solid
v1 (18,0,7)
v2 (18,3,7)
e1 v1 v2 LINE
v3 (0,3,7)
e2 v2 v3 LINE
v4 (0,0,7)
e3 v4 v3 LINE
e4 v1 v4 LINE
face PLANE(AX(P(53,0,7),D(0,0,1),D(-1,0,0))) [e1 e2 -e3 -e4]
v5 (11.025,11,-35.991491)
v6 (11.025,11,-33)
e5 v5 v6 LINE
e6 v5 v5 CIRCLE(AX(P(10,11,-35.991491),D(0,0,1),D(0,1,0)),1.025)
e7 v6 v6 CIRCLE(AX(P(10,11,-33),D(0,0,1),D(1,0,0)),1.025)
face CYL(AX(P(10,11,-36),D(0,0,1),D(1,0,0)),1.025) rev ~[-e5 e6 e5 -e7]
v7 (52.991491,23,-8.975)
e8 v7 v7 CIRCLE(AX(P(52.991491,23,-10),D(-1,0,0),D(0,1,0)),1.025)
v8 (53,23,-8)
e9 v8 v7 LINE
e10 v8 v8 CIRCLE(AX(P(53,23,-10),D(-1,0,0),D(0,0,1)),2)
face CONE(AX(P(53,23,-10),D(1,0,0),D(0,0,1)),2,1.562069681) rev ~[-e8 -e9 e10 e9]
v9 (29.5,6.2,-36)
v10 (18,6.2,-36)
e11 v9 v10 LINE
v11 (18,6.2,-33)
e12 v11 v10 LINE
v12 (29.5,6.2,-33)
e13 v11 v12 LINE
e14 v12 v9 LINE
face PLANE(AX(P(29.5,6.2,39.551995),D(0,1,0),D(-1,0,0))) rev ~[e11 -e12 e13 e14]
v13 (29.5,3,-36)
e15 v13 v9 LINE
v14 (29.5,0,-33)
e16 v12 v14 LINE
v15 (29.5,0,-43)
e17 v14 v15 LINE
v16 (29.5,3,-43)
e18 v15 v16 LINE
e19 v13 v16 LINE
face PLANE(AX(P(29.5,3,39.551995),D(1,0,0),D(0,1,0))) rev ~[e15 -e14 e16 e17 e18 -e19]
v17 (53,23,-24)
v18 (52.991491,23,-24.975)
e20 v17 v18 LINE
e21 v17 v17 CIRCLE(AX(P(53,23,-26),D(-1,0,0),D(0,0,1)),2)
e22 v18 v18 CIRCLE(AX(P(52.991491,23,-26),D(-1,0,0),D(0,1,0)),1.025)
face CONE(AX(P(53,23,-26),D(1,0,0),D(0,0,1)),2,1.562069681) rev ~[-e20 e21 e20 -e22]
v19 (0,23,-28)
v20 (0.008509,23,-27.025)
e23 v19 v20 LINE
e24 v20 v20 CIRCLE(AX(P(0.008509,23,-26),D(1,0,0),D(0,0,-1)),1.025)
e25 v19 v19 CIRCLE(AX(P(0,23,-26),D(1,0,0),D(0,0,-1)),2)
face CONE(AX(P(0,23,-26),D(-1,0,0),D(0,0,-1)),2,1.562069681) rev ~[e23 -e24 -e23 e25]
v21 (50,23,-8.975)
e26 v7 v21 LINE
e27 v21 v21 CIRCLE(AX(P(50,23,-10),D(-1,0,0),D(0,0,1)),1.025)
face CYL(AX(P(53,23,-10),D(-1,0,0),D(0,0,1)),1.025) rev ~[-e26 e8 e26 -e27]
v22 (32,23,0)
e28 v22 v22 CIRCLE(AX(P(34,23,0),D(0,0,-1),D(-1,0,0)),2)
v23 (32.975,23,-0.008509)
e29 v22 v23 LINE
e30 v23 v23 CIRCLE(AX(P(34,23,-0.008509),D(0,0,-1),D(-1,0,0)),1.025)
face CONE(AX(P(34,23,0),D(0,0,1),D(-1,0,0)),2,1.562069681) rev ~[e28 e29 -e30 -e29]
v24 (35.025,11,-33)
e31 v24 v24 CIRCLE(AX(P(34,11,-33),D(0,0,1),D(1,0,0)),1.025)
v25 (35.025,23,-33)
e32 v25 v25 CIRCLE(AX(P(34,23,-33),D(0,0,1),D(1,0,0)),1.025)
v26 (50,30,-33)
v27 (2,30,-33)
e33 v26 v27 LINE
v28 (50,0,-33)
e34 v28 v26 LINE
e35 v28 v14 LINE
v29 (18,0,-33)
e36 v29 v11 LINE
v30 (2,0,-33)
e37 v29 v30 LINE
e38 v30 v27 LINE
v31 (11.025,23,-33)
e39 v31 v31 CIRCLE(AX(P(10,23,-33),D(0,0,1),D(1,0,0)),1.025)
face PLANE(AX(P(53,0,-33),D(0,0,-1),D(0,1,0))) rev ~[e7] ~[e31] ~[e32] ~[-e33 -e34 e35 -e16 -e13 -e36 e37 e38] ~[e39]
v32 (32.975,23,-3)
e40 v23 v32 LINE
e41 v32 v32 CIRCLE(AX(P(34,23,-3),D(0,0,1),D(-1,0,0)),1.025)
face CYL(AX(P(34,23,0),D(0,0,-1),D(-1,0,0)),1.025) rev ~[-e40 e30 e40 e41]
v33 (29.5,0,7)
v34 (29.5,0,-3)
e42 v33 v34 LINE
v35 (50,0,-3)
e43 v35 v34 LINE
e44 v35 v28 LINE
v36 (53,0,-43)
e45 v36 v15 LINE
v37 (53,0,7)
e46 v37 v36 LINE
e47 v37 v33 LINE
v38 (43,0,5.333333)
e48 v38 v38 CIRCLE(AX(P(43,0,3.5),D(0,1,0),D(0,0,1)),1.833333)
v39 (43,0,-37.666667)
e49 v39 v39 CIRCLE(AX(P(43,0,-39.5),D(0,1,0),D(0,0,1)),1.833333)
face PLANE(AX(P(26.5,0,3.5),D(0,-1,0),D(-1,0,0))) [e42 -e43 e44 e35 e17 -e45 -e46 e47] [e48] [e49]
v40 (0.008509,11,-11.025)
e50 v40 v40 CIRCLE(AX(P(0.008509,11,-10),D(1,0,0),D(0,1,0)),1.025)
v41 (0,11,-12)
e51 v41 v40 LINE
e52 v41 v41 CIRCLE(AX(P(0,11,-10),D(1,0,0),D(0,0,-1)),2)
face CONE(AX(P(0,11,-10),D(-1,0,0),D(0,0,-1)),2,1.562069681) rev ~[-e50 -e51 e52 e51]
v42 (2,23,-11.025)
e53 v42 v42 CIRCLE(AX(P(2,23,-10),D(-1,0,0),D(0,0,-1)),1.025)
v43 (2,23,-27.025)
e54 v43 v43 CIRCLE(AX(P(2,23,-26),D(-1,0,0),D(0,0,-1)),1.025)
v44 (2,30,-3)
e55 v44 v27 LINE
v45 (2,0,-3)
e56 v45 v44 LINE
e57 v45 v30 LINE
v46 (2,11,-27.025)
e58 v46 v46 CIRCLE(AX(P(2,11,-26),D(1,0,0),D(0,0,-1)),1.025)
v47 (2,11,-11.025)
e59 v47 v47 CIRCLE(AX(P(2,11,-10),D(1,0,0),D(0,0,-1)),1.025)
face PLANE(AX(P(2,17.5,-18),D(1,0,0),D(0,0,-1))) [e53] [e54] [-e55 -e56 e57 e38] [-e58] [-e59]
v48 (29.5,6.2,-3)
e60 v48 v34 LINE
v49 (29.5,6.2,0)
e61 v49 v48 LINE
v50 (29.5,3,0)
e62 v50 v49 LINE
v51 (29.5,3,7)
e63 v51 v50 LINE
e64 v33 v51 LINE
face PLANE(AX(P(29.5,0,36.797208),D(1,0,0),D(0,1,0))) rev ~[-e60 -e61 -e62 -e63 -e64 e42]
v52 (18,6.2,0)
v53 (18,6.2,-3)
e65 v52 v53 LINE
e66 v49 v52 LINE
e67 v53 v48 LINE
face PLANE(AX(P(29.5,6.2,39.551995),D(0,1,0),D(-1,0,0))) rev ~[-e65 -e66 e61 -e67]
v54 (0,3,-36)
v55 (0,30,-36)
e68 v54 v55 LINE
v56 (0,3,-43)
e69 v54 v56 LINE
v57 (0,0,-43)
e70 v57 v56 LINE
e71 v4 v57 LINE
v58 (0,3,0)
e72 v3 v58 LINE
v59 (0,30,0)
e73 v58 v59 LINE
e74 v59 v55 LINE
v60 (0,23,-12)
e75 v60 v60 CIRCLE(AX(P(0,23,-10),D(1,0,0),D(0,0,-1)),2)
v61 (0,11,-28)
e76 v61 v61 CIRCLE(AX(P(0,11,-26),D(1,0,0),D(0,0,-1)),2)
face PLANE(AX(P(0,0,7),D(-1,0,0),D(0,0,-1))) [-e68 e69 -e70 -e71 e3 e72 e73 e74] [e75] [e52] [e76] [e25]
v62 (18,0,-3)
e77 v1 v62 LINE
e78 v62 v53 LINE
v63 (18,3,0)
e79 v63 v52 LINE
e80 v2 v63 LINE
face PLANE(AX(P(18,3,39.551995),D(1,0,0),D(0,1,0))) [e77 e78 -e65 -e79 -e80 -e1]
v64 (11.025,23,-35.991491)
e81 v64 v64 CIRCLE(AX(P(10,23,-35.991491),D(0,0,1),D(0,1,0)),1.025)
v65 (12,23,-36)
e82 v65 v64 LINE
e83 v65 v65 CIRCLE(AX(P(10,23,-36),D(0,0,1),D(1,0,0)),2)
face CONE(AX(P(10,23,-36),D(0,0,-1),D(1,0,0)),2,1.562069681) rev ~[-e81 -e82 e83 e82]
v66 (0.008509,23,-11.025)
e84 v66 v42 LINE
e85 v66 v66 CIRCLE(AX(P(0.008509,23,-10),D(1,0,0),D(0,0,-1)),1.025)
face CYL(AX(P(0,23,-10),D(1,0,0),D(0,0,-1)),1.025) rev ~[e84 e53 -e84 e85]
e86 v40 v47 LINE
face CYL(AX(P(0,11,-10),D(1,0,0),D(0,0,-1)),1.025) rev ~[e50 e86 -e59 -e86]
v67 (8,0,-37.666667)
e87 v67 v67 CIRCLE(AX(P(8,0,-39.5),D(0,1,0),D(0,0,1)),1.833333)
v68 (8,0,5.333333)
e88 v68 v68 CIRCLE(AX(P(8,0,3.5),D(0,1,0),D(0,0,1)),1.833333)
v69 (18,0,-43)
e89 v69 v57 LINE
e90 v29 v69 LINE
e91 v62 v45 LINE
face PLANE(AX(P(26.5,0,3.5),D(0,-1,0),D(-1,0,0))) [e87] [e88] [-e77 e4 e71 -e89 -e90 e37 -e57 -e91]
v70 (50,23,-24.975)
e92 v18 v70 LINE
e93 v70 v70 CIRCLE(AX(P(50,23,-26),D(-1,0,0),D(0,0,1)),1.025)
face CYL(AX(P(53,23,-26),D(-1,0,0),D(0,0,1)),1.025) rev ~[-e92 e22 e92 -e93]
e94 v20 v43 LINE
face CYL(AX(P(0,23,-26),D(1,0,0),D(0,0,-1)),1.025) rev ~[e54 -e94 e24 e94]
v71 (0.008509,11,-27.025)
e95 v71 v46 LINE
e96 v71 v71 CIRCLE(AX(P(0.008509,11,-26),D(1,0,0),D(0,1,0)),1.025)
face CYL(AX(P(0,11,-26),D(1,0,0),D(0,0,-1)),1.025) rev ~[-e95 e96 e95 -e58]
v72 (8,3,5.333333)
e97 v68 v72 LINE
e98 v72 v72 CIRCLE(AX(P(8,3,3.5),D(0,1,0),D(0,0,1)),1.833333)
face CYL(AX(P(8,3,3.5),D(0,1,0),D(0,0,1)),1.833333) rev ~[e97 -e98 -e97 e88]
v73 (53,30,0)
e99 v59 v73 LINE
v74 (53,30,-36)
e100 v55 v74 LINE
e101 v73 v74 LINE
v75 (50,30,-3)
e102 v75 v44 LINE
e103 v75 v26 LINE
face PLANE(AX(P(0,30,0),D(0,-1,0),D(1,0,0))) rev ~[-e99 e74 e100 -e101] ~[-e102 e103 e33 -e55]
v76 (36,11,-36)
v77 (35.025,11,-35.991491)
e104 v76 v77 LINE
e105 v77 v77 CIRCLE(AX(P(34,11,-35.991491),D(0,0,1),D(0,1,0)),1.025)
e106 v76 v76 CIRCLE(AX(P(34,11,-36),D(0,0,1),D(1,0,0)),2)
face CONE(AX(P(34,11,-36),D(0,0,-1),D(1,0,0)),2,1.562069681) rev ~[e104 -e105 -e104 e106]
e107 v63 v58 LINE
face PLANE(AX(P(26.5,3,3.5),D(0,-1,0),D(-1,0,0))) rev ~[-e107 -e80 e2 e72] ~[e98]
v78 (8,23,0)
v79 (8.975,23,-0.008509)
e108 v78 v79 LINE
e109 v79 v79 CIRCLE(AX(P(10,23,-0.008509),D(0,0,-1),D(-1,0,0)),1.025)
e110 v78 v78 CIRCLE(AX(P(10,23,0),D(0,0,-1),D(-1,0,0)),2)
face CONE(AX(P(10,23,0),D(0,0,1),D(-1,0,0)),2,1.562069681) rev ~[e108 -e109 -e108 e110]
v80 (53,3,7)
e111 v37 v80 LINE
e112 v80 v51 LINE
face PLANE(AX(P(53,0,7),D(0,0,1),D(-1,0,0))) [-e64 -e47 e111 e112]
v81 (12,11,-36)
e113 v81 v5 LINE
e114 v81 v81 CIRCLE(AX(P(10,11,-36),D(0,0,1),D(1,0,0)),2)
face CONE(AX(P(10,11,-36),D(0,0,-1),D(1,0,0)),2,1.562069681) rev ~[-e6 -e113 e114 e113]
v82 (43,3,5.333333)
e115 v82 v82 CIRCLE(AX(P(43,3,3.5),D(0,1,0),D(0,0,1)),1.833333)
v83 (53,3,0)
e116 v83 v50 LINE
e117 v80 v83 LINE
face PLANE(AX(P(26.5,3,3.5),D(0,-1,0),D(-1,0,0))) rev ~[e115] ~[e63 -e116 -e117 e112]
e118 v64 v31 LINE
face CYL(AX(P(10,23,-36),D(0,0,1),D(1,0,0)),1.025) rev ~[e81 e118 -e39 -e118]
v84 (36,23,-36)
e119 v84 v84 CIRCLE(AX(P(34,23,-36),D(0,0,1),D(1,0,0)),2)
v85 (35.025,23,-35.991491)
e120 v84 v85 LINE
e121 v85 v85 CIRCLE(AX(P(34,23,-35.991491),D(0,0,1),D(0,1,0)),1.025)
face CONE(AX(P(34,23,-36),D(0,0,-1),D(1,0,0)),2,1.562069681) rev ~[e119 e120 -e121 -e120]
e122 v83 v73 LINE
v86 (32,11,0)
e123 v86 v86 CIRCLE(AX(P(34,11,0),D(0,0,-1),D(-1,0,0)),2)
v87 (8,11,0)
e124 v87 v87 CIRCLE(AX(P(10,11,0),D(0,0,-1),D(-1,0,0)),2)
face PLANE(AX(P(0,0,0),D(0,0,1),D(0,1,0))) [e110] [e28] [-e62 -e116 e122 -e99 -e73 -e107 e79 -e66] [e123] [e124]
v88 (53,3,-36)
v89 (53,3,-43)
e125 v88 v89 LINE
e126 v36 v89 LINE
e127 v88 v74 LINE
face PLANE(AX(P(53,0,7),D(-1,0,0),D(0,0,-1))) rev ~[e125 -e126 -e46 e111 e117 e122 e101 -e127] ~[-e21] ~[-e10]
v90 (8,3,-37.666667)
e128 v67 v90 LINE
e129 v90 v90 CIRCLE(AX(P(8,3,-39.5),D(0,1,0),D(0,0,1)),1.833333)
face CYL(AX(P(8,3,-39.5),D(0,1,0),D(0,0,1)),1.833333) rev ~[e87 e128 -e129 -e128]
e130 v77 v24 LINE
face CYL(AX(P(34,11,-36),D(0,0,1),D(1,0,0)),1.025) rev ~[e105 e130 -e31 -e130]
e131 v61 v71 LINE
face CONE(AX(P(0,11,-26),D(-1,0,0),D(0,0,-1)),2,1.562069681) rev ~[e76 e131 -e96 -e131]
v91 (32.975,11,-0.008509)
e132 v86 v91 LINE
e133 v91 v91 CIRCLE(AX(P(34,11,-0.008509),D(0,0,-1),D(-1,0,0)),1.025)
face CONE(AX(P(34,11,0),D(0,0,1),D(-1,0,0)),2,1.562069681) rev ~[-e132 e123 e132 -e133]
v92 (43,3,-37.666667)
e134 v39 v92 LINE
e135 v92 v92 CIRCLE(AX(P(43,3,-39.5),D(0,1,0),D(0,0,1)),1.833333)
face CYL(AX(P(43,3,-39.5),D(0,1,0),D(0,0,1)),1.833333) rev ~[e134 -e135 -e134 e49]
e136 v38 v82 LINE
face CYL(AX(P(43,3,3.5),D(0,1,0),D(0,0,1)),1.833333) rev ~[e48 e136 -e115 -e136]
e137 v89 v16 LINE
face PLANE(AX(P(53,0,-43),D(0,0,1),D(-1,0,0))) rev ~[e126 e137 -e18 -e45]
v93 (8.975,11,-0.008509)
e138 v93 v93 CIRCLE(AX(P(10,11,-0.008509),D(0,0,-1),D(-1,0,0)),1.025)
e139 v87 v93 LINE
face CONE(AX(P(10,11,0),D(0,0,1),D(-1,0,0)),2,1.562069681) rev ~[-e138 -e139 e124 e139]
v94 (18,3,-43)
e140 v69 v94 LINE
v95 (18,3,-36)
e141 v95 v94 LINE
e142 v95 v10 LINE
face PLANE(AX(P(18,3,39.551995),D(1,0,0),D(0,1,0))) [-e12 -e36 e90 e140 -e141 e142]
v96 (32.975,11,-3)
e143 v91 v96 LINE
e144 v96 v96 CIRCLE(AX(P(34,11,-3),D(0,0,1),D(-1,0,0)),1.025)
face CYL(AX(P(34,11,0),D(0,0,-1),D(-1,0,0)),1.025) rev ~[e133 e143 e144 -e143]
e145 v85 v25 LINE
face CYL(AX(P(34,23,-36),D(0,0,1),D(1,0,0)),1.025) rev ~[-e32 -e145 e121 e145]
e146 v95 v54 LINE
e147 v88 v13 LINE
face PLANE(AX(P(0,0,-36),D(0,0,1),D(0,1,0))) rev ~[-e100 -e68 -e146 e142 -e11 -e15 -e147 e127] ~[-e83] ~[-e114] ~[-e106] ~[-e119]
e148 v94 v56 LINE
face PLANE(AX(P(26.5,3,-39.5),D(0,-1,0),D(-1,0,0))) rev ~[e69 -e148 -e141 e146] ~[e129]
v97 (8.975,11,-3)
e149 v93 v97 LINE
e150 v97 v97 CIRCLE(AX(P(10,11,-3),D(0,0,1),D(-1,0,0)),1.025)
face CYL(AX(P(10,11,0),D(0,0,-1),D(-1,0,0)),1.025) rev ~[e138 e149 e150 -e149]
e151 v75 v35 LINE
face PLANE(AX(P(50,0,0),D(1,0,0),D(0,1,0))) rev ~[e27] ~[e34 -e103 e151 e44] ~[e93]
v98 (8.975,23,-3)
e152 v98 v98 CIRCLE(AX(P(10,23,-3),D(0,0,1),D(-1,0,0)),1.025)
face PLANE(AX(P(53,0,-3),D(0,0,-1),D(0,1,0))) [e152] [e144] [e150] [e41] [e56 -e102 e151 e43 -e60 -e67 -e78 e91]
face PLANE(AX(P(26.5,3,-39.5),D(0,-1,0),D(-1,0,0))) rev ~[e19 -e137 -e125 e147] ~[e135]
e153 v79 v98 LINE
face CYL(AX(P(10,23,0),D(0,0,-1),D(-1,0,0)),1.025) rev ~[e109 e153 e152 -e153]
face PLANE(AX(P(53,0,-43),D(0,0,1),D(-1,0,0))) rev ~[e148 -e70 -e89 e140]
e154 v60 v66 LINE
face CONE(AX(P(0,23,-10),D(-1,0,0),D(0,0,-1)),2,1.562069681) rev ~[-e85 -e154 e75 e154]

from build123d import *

# Parameters (mm, degrees)
SKETCH1_W                      = 36
SKETCH1_H                      = 38
BOSS_EXTRUDE2_DEPTH            = 53
SKETCH3_W                      = 30
SKETCH3_H                      = 35
CUT_EXTRUDE1_DEPTH             = 51
SKETCH4_W                      = 3
SKETCH4_H                      = 30
BOSS_EXTRUDE3_DEPTH            = 33
SKETCH5_W                      = 53
SKETCH5_H                      = 8
CUT_EXTRUDE2_DEPTH             = 52
SKETCH6_W                      = 53
SKETCH6_H                      = 7
BOSS_EXTRUDE4_DEPTH            = 3
CUT_EXTRUDE4_DEPTH             = 79.797208072
CUT_EXTRUDE4_DEPTH_BACK        = 79.797208072
SKETCH8_W                      = 11.5
SKETCH8_H                      = 3
M2_5_TAPPED_HOLE13_D           = 2.05
M2_5_TAPPED_HOLE13_DEPTH       = 3
M2_5_TAPPED_HOLE13_CSINK_D     = 4
M2_5_TAPPED_HOLE13_CSINK_ANGLE = 179
LPATTERN1_COUNT                = 2
LPATTERN1_PITCH                = 24
LPATTERN1_COUNT_DIR2           = 2
LPATTERN1_PITCH_DIR2           = 12
M2_5_TAPPED_HOLE14_D           = 2.05
M2_5_TAPPED_HOLE14_DEPTH       = 2
M2_5_TAPPED_HOLE14_CSINK_D     = 4
M2_5_TAPPED_HOLE14_CSINK_ANGLE = 179
LPATTERN2_COUNT                = 2
LPATTERN2_PITCH                = 16
LPATTERN2_COUNT_DIR2           = 2
LPATTERN2_PITCH_DIR2           = 12
M2_5_TAPPED_HOLE15_D           = 2.05
M2_5_TAPPED_HOLE15_CSINK_D     = 4
M2_5_TAPPED_HOLE15_CSINK_ANGLE = 179
LPATTERN3_COUNT                = 2
LPATTERN3_PITCH                = 16
M2_5_TAPPED_HOLE16_D           = 2.05
M2_5_TAPPED_HOLE16_CSINK_D     = 4
M2_5_TAPPED_HOLE16_CSINK_ANGLE = 179
LPATTERN4_COUNT                = 2
LPATTERN4_PITCH                = 24
LPATTERN4_COUNT_DIR2           = 2
LPATTERN4_PITCH_DIR2           = 12
SKETCH45_R                     = 1.833333333
CUT_EXTRUDE5_DEPTH             = 74.396185187
LPATTERN5_COUNT                = 2
LPATTERN5_PITCH                = 35
LPATTERN5_COUNT_DIR2           = 2
LPATTERN5_PITCH_DIR2           = 43
CUT_EXTRUDE6_DEPTH             = 75.551995278
CUT_EXTRUDE6_DEPTH_BACK        = 75.551995278
SKETCH46_W                     = 11.5
SKETCH46_H                     = 3.2


with BuildPart() as part:
    # Sketch1 → Boss-Extrude2 (new body)
    with BuildSketch(Plane(origin=(0, 0, 0), x_dir=(0, 0, -1), z_dir=(1, 0, 0))):
        with Locations((18, 19)):
            Rectangle(SKETCH1_W, SKETCH1_H)
    extrude(amount=BOSS_EXTRUDE2_DEPTH)

    # Sketch3 → Cut-Extrude1 (cut)
    with BuildSketch(Plane(origin=(53, 0, 0), x_dir=(0, 0, -1), z_dir=(1, 0, 0))):
        with Locations((18, 17.5)):
            Rectangle(SKETCH3_W, SKETCH3_H)
    extrude(amount=-CUT_EXTRUDE1_DEPTH, mode=Mode.SUBTRACT)

    # Sketch4 → Boss-Extrude3 (add)
    with BuildSketch(Plane.XY):
        with Locations((51.5, 15)):
            Rectangle(SKETCH4_W, SKETCH4_H)
    extrude(amount=-BOSS_EXTRUDE3_DEPTH)

    # Sketch5 → Cut-Extrude2 (cut)
    with BuildSketch(Plane.XY):
        with Locations((26.5, 34)):
            Rectangle(SKETCH5_W, SKETCH5_H)
    extrude(amount=-CUT_EXTRUDE2_DEPTH, mode=Mode.SUBTRACT)

    # Sketch6 → Boss-Extrude4 (add)
    with BuildSketch(Plane(origin=(0, 0, 0), x_dir=(-1, 0, 0), z_dir=(0, -1, 0))):
        with Locations((-26.5, -3.5)):
            Rectangle(SKETCH6_W, SKETCH6_H)
        with Locations((-26.5, 39.5)):
            Rectangle(SKETCH6_W, SKETCH6_H)
    extrude(amount=-BOSS_EXTRUDE4_DEPTH)

    # Sketch8 → Cut-Extrude4 (cut, two sides: drawn at the far end of the back side and taken through both)
    with BuildSketch(Plane(origin=(0, 0, -43), x_dir=(-1, 0, 0), z_dir=(0, 0, -1)).offset(-CUT_EXTRUDE4_DEPTH_BACK)):
        with Locations((-23.75, 1.5)):
            Rectangle(SKETCH8_W, SKETCH8_H)
    extrude(amount=CUT_EXTRUDE4_DEPTH + CUT_EXTRUDE4_DEPTH_BACK, mode=Mode.SUBTRACT)

    # M2.5 Tapped Hole13
    with Locations(Plane.XY):
        with Locations((10, 23)):
            m2_5_tapped_hole13 = CounterSinkHole(M2_5_TAPPED_HOLE13_D / 2, M2_5_TAPPED_HOLE13_CSINK_D / 2, depth=M2_5_TAPPED_HOLE13_DEPTH, counter_sink_angle=M2_5_TAPPED_HOLE13_CSINK_ANGLE)

    # LPattern1: M2.5 Tapped Hole13 2 × 2
    with Locations(*[(i * LPATTERN1_PITCH, -j * LPATTERN1_PITCH_DIR2, 0) for i in range(LPATTERN1_COUNT) for j in range(LPATTERN1_COUNT_DIR2) if (i, j) != (0, 0)]):
        add(m2_5_tapped_hole13, mode=Mode.SUBTRACT)

    # M2.5 Tapped Hole14
    with Locations(Plane.ZY):
        with Locations((-26, 23)):
            m2_5_tapped_hole14 = CounterSinkHole(M2_5_TAPPED_HOLE14_D / 2, M2_5_TAPPED_HOLE14_CSINK_D / 2, depth=M2_5_TAPPED_HOLE14_DEPTH, counter_sink_angle=M2_5_TAPPED_HOLE14_CSINK_ANGLE)

    # LPattern2: M2.5 Tapped Hole14 2 × 2
    with Locations(*[(0, -j * LPATTERN2_PITCH_DIR2, i * LPATTERN2_PITCH) for i in range(LPATTERN2_COUNT) for j in range(LPATTERN2_COUNT_DIR2) if (i, j) != (0, 0)]):
        add(m2_5_tapped_hole14, mode=Mode.SUBTRACT)

    # M2.5 Tapped Hole15 (through all)
    with Locations(Plane(origin=(53, 0, 0), x_dir=(0, 0, -1), z_dir=(1, 0, 0))):
        with Locations((26, 23)):
            m2_5_tapped_hole15 = CounterSinkHole(M2_5_TAPPED_HOLE15_D / 2, M2_5_TAPPED_HOLE15_CSINK_D / 2, counter_sink_angle=M2_5_TAPPED_HOLE15_CSINK_ANGLE)

    # LPattern3: M2.5 Tapped Hole15 ×2
    with Locations(*[(0, 0, i * LPATTERN3_PITCH) for i in range(1, LPATTERN3_COUNT)]):
        add(m2_5_tapped_hole15, mode=Mode.SUBTRACT)

    # M2.5 Tapped Hole16 (through all)
    with Locations(Plane(origin=(0, 0, -36), x_dir=(-1, 0, 0), z_dir=(0, 0, -1))):
        with Locations((-10, 23)):
            m2_5_tapped_hole16 = CounterSinkHole(M2_5_TAPPED_HOLE16_D / 2, M2_5_TAPPED_HOLE16_CSINK_D / 2, counter_sink_angle=M2_5_TAPPED_HOLE16_CSINK_ANGLE)

    # LPattern4: M2.5 Tapped Hole16 2 × 2
    with Locations(*[(i * LPATTERN4_PITCH, -j * LPATTERN4_PITCH_DIR2, 0) for i in range(LPATTERN4_COUNT) for j in range(LPATTERN4_COUNT_DIR2) if (i, j) != (0, 0)]):
        add(m2_5_tapped_hole16, mode=Mode.SUBTRACT)

    # Sketch45 → Cut-Extrude5 (cut, symmetric)
    with BuildSketch(Plane(origin=(0, 3, 0), x_dir=(1, 0, 0), z_dir=(0, 1, 0))):
        with Locations(Location((8, 39.5, 0), (0, 0, 270))):
            Circle(SKETCH45_R)
    cut_extrude5 = extrude(amount=CUT_EXTRUDE5_DEPTH, both=True, mode=Mode.SUBTRACT)

    # LPattern5: Cut-Extrude5 2 × 2
    with Locations(*[(i * LPATTERN5_PITCH, 0, j * LPATTERN5_PITCH_DIR2) for i in range(LPATTERN5_COUNT) for j in range(LPATTERN5_COUNT_DIR2) if (i, j) != (0, 0)]):
        add(cut_extrude5, mode=Mode.SUBTRACT)

    # Sketch46 → Cut-Extrude6 (cut, two sides: drawn at the far end of the back side and taken through both)
    with BuildSketch(Plane(origin=(0, 0, -36), x_dir=(-1, 0, 0), z_dir=(0, 0, -1)).offset(-CUT_EXTRUDE6_DEPTH_BACK)):
        with Locations((-23.75, 4.6)):
            Rectangle(SKETCH46_W, SKETCH46_H)
    extrude(amount=CUT_EXTRUDE6_DEPTH + CUT_EXTRUDE6_DEPTH_BACK, mode=Mode.SUBTRACT)


solid = part.part
